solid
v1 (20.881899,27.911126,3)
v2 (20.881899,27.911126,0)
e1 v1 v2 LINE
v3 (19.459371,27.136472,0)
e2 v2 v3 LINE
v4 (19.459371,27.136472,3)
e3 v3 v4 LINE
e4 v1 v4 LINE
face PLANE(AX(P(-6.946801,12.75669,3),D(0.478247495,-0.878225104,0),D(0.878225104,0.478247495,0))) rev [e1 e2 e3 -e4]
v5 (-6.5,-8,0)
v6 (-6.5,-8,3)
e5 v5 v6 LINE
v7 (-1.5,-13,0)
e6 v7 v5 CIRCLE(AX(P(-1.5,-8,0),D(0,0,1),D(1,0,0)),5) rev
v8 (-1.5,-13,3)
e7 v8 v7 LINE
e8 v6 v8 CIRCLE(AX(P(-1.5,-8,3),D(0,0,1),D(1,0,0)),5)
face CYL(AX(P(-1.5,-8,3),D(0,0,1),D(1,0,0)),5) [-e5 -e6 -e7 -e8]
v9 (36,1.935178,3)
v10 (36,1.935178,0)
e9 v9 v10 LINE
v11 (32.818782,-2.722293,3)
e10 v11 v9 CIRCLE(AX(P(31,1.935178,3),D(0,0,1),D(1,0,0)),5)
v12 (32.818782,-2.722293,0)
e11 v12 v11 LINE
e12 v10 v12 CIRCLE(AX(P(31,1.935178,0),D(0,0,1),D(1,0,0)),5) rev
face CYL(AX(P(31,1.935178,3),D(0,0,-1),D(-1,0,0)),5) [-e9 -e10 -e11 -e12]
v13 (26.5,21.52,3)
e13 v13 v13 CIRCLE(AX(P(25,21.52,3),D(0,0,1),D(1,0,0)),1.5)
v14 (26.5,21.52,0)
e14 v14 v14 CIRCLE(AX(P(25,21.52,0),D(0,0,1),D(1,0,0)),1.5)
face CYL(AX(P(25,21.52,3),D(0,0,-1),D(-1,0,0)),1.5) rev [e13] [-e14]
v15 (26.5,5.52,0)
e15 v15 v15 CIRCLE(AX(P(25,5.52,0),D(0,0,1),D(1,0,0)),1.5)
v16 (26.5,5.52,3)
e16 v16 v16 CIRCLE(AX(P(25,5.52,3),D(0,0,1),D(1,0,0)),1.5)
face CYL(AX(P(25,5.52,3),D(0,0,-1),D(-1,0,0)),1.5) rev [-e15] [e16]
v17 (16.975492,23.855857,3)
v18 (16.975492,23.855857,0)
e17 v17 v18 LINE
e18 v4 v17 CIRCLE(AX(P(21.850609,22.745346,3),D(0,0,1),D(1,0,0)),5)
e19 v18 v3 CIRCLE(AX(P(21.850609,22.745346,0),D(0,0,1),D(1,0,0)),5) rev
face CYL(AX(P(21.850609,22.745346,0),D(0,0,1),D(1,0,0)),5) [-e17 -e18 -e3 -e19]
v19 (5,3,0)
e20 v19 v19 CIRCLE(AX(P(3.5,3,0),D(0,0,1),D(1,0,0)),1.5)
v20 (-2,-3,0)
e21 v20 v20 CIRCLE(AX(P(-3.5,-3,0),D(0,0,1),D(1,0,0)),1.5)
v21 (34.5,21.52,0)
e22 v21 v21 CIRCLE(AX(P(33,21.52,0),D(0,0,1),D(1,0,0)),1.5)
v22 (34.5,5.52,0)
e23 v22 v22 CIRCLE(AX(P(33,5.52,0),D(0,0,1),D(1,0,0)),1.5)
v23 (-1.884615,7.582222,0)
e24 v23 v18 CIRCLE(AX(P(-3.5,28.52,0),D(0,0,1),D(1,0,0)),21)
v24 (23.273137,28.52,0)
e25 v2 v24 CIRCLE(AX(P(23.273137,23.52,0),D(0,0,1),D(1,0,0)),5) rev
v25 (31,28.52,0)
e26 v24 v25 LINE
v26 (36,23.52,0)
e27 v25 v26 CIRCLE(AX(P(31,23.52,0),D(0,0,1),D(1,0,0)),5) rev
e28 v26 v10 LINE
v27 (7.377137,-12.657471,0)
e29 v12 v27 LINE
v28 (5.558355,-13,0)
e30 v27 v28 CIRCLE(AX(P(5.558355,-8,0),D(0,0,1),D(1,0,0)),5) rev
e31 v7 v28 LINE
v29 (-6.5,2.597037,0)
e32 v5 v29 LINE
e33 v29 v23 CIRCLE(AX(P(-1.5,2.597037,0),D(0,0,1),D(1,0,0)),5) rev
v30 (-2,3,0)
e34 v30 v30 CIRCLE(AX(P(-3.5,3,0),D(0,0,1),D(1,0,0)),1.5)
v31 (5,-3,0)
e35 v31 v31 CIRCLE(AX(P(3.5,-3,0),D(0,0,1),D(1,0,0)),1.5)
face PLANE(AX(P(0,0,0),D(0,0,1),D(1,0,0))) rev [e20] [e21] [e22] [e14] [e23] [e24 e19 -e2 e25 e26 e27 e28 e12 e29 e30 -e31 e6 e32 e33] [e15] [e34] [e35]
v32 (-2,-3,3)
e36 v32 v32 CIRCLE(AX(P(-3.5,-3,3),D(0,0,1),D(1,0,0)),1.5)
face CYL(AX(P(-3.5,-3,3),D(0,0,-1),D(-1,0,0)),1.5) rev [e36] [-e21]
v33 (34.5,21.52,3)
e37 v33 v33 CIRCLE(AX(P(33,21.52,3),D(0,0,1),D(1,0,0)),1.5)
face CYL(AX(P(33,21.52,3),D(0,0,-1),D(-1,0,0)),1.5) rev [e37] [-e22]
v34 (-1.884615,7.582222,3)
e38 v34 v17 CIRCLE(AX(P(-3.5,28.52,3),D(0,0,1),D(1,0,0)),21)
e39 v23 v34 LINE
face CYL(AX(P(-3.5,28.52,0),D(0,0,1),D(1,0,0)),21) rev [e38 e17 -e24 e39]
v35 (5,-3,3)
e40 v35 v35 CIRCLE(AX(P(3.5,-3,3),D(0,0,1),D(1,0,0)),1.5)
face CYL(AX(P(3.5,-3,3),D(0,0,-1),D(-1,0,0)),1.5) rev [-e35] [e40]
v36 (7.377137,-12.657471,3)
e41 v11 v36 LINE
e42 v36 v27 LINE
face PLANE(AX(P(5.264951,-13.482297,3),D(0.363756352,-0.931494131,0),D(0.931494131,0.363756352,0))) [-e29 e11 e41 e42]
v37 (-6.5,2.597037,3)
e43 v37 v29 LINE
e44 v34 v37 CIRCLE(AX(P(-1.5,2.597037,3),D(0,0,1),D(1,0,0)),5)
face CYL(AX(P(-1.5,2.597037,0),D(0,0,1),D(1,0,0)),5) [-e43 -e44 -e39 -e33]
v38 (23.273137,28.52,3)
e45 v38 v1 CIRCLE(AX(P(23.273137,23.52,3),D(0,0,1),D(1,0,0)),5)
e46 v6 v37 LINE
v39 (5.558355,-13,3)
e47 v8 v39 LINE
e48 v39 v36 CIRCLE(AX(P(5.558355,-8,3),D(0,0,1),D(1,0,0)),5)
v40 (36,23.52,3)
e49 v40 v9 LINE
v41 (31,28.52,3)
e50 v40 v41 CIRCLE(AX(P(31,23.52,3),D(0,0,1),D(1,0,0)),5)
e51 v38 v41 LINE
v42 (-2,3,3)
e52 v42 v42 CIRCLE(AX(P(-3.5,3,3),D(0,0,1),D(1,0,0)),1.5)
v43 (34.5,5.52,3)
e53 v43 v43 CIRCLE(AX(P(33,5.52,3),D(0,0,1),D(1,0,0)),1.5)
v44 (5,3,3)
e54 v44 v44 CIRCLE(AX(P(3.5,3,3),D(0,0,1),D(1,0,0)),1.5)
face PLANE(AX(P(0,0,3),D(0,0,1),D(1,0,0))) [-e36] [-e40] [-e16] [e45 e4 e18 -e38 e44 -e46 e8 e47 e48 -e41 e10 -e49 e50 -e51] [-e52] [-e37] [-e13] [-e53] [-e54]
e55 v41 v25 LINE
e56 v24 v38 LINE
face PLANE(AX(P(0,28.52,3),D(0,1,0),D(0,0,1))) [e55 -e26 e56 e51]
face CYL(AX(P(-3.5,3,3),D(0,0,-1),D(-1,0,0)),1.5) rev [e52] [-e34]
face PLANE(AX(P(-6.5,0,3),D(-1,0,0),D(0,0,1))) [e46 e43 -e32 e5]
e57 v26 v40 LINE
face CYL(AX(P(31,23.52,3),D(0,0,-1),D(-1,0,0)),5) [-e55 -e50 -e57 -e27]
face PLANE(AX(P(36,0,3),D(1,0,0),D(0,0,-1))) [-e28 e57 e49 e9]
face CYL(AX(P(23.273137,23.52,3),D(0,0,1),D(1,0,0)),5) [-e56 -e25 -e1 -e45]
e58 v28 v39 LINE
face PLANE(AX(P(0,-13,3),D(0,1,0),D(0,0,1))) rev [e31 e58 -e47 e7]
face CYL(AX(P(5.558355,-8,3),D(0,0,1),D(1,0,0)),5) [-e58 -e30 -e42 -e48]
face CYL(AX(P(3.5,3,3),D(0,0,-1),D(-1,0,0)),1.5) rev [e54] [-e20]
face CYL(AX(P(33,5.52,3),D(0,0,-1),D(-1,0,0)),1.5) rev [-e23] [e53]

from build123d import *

# Parameters (mm, degrees)
SKETCH_1_W          = 13
SKETCH_1_H          = 26
SKETCH_1_R          = 1.5
SKETCH_1_W_2        = 14
SKETCH_1_H_2        = 30
EXTRUDE_1_DEPTH     = 3
SKETCH_2_R          = 21
CUT_EXTRUDE_1_DEPTH = 3
FILLET_1_R          = 5


with BuildPart() as part:
    # 草图1 → 凸台-拉伸1 (new body)
    # profile 1 of 3: a face of its own
    with BuildSketch(Plane.XY):
        Rectangle(SKETCH_1_W, SKETCH_1_H)
        with Locations((-3.5, 3)):
            Circle(SKETCH_1_R, mode=Mode.SUBTRACT)
        with Locations((-3.5, -3)):
            Circle(SKETCH_1_R, mode=Mode.SUBTRACT)
        with Locations((3.5, -3)):
            Circle(SKETCH_1_R, mode=Mode.SUBTRACT)
        with Locations((3.5, 3)):
            Circle(SKETCH_1_R, mode=Mode.SUBTRACT)
    # profile 2 of 3: a face of its own
    with BuildSketch(Plane.XY):
        Polygon((22, 28.52), (22, -1.48), (36, -1.48), (6.5, -13), (6.5, 13), (-6.5, 13), align=None)
    # profile 3 of 3: a face of its own
    with BuildSketch(Plane.XY):
        with Locations((29, 13.52)):
            Rectangle(SKETCH_1_W_2, SKETCH_1_H_2)
        with Locations((25, 21.52)):
            Circle(SKETCH_1_R, mode=Mode.SUBTRACT)
        with Locations((25, 5.52)):
            Circle(SKETCH_1_R, mode=Mode.SUBTRACT)
        with Locations((33, 5.52)):
            Circle(SKETCH_1_R, mode=Mode.SUBTRACT)
        with Locations((33, 21.52)):
            Circle(SKETCH_1_R, mode=Mode.SUBTRACT)
    extrude(amount=EXTRUDE_1_DEPTH)

    # 草图2 → 切除-拉伸1 (cut)
    with BuildSketch(Plane.XY.offset(3)):
        with Locations((-3.5, 28.52)):
            Circle(SKETCH_2_R)
    extrude(amount=-CUT_EXTRUDE_1_DEPTH, mode=Mode.SUBTRACT)

    # 圆角1
    fillet_1_edges = [part.edges().sort_by_distance(p)[0] for p in [
        (-6.5, -13, 1.5),
        (22, 28.52, 1.5),
        (36, 28.52, 1.5),
        (36, -1.48, 1.5),
        (6.5, -13, 1.5),
        (17.346543443, 25.985907166, 1.5),
        (-6.5, 7.735390309, 1.5),
    ]]
    fillet(fillet_1_edges, radius=FILLET_1_R)


solid = part.part
